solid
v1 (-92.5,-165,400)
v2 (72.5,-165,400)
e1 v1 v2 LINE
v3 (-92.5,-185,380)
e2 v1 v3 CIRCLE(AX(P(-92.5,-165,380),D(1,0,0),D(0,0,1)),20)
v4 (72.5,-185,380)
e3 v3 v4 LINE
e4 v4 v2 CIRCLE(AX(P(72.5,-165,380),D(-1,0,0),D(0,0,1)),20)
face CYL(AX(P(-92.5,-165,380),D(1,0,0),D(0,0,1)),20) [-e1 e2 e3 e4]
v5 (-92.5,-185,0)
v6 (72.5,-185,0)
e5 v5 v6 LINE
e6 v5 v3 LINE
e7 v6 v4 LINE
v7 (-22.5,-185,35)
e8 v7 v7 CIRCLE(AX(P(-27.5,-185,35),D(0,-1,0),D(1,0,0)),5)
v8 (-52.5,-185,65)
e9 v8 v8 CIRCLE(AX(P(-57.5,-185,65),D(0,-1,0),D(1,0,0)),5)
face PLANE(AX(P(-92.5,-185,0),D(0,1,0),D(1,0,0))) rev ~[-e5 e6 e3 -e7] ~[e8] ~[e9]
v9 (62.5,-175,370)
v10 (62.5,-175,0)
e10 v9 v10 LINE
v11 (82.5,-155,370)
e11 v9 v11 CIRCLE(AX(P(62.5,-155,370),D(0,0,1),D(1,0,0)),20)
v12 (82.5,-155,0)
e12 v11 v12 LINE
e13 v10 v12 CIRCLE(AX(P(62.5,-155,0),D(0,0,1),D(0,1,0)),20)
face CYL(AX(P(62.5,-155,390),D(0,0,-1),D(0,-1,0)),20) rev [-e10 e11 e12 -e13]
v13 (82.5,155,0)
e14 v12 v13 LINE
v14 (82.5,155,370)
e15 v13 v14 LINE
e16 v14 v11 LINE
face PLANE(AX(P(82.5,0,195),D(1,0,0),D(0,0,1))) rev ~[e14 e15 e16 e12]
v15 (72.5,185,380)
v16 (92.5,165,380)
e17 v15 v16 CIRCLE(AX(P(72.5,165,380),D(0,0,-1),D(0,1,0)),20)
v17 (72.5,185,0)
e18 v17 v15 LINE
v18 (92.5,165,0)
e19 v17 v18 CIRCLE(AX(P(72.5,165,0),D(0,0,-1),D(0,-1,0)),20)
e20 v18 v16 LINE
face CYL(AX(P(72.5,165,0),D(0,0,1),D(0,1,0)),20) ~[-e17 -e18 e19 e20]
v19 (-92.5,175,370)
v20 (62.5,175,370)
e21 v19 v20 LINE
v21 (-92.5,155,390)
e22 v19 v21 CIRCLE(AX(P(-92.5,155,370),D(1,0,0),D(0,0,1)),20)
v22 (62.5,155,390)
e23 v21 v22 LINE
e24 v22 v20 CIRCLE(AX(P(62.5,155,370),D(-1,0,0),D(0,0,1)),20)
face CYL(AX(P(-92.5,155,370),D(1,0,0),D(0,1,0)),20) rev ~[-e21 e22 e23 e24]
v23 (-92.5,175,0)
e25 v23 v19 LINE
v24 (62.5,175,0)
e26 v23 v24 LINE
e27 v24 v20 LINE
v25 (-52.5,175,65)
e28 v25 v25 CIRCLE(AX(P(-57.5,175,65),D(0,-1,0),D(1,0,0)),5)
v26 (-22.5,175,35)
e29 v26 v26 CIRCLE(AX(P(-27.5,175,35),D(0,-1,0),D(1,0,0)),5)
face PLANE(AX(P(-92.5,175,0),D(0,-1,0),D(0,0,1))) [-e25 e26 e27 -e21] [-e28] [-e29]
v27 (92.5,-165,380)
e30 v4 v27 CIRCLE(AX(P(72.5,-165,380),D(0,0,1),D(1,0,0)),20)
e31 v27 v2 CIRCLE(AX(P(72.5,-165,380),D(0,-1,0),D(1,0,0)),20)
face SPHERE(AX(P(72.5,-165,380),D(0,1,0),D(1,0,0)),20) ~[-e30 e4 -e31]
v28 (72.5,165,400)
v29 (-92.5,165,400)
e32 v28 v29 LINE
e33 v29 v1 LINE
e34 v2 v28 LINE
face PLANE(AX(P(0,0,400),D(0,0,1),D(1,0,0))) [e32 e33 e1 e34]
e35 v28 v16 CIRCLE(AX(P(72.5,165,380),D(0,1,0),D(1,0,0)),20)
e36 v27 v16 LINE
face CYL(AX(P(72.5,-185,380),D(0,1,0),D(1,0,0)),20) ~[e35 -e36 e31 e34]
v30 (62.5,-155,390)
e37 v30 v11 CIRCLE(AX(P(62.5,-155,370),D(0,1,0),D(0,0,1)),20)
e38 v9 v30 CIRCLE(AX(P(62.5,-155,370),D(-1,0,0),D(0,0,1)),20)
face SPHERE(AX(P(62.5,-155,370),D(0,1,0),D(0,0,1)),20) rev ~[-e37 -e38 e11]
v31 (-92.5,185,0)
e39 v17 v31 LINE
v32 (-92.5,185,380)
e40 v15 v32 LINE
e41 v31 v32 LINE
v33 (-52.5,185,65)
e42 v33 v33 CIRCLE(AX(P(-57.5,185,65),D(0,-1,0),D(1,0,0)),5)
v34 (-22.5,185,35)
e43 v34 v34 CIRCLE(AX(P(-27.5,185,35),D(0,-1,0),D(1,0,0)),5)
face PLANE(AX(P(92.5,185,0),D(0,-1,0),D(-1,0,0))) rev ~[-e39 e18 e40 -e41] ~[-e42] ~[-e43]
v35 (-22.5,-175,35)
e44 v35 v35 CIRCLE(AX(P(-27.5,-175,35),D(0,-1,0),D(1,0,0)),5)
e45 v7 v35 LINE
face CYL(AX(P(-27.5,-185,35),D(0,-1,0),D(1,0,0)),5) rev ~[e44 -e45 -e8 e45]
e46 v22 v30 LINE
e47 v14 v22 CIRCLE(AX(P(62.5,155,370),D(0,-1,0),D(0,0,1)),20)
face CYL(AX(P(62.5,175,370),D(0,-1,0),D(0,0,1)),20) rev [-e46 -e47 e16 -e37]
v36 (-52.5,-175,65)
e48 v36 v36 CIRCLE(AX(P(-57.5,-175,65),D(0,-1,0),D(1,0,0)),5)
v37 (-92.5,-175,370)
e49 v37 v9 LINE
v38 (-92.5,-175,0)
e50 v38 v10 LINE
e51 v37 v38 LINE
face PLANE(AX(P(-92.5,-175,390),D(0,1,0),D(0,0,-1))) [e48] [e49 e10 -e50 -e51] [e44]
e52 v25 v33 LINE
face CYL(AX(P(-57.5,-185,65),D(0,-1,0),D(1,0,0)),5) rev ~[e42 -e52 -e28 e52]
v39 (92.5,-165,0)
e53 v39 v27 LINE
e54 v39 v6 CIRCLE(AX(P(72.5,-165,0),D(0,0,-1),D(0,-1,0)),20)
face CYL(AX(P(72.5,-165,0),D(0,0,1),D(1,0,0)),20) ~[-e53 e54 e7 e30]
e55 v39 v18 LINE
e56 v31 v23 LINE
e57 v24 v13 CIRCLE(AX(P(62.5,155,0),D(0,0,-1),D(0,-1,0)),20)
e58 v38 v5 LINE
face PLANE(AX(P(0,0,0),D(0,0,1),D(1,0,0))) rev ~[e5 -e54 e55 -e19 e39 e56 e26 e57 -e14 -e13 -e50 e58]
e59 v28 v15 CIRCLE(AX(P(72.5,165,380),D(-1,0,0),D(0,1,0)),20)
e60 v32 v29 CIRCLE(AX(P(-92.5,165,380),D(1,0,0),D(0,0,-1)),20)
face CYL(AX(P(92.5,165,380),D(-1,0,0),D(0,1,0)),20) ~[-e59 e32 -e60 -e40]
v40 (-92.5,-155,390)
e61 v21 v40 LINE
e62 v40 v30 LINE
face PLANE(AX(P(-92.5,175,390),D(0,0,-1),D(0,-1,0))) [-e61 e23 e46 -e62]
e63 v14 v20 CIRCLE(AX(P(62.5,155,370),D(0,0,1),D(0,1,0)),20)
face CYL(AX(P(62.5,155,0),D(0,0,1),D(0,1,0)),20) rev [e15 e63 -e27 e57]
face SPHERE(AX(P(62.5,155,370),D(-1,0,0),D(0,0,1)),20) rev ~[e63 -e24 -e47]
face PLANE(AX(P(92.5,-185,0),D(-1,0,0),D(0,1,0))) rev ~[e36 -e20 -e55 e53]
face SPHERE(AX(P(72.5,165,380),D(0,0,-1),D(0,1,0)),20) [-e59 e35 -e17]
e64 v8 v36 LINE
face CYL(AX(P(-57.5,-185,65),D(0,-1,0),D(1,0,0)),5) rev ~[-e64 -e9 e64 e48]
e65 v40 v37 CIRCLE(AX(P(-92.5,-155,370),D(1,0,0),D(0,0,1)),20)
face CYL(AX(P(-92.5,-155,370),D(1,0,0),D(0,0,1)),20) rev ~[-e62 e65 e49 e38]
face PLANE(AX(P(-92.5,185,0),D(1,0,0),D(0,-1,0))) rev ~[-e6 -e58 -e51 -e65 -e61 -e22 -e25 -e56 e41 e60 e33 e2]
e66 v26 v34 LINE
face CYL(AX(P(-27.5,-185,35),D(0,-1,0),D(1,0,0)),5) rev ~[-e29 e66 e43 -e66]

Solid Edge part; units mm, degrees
sketch "Sketch1" plane through (0, 0, 0) normal (0, 0, 1) x (1, 0, 0)
  line L0 (92.5, 185) -> (-92.5, 185)
  line L1 (-92.5, 185) -> (-92.5, -185)
  line L2 (-92.5, -185) -> (92.5, -185)
  line L3 (92.5, -185) -> (92.5, 185)
  dimension "D1" = 185
  dimension "D2" = 370
extrude "Protrusion1" add sketch "Sketch1" along normal blind 400
sketch "Sketch2" plane through (-92.5, 0, 200) normal (-1, 0, 0) x (0, 0, 1)
  line L0 (190, -175) -> (-200, -175)
  line L1 (-200, -175) -> (-200, 175)
  line L2 (-200, 175) -> (190, 175)
  line L3 (190, 175) -> (190, -175)
  dimension "D1" = 350
  dimension "D2" = 10
extrude "ScavoEstrusione_2" cut sketch "Sketch2" against normal blind 175
fillet "Rotondo_1" radius 20 10 edges at (-5, 175, 390) (82.5, 0, 390) (-5, -175, 390) (82.5, -175, 195) (82.5, 175, 195) (92.5, 185, 200) (0, 185, 400) (92.5, 0, 400) (92.5, -185, 200) (0, -185, 400)
sketch "Sketch3" plane through (-10, -185, 190) normal (0, -1, 0) x (1, 0, 0)
  circle A0 centre (-47.5, -125) radius 5
  circle A1 centre (-17.5, -155) radius 5
  dimension "D1" = 30
  dimension "D2" = 35
  dimension "D3" = 35
extrude "Cutout1" cut sketch "Sketch3" against normal through all
properties material "Fe 360 B UNI 7070"
